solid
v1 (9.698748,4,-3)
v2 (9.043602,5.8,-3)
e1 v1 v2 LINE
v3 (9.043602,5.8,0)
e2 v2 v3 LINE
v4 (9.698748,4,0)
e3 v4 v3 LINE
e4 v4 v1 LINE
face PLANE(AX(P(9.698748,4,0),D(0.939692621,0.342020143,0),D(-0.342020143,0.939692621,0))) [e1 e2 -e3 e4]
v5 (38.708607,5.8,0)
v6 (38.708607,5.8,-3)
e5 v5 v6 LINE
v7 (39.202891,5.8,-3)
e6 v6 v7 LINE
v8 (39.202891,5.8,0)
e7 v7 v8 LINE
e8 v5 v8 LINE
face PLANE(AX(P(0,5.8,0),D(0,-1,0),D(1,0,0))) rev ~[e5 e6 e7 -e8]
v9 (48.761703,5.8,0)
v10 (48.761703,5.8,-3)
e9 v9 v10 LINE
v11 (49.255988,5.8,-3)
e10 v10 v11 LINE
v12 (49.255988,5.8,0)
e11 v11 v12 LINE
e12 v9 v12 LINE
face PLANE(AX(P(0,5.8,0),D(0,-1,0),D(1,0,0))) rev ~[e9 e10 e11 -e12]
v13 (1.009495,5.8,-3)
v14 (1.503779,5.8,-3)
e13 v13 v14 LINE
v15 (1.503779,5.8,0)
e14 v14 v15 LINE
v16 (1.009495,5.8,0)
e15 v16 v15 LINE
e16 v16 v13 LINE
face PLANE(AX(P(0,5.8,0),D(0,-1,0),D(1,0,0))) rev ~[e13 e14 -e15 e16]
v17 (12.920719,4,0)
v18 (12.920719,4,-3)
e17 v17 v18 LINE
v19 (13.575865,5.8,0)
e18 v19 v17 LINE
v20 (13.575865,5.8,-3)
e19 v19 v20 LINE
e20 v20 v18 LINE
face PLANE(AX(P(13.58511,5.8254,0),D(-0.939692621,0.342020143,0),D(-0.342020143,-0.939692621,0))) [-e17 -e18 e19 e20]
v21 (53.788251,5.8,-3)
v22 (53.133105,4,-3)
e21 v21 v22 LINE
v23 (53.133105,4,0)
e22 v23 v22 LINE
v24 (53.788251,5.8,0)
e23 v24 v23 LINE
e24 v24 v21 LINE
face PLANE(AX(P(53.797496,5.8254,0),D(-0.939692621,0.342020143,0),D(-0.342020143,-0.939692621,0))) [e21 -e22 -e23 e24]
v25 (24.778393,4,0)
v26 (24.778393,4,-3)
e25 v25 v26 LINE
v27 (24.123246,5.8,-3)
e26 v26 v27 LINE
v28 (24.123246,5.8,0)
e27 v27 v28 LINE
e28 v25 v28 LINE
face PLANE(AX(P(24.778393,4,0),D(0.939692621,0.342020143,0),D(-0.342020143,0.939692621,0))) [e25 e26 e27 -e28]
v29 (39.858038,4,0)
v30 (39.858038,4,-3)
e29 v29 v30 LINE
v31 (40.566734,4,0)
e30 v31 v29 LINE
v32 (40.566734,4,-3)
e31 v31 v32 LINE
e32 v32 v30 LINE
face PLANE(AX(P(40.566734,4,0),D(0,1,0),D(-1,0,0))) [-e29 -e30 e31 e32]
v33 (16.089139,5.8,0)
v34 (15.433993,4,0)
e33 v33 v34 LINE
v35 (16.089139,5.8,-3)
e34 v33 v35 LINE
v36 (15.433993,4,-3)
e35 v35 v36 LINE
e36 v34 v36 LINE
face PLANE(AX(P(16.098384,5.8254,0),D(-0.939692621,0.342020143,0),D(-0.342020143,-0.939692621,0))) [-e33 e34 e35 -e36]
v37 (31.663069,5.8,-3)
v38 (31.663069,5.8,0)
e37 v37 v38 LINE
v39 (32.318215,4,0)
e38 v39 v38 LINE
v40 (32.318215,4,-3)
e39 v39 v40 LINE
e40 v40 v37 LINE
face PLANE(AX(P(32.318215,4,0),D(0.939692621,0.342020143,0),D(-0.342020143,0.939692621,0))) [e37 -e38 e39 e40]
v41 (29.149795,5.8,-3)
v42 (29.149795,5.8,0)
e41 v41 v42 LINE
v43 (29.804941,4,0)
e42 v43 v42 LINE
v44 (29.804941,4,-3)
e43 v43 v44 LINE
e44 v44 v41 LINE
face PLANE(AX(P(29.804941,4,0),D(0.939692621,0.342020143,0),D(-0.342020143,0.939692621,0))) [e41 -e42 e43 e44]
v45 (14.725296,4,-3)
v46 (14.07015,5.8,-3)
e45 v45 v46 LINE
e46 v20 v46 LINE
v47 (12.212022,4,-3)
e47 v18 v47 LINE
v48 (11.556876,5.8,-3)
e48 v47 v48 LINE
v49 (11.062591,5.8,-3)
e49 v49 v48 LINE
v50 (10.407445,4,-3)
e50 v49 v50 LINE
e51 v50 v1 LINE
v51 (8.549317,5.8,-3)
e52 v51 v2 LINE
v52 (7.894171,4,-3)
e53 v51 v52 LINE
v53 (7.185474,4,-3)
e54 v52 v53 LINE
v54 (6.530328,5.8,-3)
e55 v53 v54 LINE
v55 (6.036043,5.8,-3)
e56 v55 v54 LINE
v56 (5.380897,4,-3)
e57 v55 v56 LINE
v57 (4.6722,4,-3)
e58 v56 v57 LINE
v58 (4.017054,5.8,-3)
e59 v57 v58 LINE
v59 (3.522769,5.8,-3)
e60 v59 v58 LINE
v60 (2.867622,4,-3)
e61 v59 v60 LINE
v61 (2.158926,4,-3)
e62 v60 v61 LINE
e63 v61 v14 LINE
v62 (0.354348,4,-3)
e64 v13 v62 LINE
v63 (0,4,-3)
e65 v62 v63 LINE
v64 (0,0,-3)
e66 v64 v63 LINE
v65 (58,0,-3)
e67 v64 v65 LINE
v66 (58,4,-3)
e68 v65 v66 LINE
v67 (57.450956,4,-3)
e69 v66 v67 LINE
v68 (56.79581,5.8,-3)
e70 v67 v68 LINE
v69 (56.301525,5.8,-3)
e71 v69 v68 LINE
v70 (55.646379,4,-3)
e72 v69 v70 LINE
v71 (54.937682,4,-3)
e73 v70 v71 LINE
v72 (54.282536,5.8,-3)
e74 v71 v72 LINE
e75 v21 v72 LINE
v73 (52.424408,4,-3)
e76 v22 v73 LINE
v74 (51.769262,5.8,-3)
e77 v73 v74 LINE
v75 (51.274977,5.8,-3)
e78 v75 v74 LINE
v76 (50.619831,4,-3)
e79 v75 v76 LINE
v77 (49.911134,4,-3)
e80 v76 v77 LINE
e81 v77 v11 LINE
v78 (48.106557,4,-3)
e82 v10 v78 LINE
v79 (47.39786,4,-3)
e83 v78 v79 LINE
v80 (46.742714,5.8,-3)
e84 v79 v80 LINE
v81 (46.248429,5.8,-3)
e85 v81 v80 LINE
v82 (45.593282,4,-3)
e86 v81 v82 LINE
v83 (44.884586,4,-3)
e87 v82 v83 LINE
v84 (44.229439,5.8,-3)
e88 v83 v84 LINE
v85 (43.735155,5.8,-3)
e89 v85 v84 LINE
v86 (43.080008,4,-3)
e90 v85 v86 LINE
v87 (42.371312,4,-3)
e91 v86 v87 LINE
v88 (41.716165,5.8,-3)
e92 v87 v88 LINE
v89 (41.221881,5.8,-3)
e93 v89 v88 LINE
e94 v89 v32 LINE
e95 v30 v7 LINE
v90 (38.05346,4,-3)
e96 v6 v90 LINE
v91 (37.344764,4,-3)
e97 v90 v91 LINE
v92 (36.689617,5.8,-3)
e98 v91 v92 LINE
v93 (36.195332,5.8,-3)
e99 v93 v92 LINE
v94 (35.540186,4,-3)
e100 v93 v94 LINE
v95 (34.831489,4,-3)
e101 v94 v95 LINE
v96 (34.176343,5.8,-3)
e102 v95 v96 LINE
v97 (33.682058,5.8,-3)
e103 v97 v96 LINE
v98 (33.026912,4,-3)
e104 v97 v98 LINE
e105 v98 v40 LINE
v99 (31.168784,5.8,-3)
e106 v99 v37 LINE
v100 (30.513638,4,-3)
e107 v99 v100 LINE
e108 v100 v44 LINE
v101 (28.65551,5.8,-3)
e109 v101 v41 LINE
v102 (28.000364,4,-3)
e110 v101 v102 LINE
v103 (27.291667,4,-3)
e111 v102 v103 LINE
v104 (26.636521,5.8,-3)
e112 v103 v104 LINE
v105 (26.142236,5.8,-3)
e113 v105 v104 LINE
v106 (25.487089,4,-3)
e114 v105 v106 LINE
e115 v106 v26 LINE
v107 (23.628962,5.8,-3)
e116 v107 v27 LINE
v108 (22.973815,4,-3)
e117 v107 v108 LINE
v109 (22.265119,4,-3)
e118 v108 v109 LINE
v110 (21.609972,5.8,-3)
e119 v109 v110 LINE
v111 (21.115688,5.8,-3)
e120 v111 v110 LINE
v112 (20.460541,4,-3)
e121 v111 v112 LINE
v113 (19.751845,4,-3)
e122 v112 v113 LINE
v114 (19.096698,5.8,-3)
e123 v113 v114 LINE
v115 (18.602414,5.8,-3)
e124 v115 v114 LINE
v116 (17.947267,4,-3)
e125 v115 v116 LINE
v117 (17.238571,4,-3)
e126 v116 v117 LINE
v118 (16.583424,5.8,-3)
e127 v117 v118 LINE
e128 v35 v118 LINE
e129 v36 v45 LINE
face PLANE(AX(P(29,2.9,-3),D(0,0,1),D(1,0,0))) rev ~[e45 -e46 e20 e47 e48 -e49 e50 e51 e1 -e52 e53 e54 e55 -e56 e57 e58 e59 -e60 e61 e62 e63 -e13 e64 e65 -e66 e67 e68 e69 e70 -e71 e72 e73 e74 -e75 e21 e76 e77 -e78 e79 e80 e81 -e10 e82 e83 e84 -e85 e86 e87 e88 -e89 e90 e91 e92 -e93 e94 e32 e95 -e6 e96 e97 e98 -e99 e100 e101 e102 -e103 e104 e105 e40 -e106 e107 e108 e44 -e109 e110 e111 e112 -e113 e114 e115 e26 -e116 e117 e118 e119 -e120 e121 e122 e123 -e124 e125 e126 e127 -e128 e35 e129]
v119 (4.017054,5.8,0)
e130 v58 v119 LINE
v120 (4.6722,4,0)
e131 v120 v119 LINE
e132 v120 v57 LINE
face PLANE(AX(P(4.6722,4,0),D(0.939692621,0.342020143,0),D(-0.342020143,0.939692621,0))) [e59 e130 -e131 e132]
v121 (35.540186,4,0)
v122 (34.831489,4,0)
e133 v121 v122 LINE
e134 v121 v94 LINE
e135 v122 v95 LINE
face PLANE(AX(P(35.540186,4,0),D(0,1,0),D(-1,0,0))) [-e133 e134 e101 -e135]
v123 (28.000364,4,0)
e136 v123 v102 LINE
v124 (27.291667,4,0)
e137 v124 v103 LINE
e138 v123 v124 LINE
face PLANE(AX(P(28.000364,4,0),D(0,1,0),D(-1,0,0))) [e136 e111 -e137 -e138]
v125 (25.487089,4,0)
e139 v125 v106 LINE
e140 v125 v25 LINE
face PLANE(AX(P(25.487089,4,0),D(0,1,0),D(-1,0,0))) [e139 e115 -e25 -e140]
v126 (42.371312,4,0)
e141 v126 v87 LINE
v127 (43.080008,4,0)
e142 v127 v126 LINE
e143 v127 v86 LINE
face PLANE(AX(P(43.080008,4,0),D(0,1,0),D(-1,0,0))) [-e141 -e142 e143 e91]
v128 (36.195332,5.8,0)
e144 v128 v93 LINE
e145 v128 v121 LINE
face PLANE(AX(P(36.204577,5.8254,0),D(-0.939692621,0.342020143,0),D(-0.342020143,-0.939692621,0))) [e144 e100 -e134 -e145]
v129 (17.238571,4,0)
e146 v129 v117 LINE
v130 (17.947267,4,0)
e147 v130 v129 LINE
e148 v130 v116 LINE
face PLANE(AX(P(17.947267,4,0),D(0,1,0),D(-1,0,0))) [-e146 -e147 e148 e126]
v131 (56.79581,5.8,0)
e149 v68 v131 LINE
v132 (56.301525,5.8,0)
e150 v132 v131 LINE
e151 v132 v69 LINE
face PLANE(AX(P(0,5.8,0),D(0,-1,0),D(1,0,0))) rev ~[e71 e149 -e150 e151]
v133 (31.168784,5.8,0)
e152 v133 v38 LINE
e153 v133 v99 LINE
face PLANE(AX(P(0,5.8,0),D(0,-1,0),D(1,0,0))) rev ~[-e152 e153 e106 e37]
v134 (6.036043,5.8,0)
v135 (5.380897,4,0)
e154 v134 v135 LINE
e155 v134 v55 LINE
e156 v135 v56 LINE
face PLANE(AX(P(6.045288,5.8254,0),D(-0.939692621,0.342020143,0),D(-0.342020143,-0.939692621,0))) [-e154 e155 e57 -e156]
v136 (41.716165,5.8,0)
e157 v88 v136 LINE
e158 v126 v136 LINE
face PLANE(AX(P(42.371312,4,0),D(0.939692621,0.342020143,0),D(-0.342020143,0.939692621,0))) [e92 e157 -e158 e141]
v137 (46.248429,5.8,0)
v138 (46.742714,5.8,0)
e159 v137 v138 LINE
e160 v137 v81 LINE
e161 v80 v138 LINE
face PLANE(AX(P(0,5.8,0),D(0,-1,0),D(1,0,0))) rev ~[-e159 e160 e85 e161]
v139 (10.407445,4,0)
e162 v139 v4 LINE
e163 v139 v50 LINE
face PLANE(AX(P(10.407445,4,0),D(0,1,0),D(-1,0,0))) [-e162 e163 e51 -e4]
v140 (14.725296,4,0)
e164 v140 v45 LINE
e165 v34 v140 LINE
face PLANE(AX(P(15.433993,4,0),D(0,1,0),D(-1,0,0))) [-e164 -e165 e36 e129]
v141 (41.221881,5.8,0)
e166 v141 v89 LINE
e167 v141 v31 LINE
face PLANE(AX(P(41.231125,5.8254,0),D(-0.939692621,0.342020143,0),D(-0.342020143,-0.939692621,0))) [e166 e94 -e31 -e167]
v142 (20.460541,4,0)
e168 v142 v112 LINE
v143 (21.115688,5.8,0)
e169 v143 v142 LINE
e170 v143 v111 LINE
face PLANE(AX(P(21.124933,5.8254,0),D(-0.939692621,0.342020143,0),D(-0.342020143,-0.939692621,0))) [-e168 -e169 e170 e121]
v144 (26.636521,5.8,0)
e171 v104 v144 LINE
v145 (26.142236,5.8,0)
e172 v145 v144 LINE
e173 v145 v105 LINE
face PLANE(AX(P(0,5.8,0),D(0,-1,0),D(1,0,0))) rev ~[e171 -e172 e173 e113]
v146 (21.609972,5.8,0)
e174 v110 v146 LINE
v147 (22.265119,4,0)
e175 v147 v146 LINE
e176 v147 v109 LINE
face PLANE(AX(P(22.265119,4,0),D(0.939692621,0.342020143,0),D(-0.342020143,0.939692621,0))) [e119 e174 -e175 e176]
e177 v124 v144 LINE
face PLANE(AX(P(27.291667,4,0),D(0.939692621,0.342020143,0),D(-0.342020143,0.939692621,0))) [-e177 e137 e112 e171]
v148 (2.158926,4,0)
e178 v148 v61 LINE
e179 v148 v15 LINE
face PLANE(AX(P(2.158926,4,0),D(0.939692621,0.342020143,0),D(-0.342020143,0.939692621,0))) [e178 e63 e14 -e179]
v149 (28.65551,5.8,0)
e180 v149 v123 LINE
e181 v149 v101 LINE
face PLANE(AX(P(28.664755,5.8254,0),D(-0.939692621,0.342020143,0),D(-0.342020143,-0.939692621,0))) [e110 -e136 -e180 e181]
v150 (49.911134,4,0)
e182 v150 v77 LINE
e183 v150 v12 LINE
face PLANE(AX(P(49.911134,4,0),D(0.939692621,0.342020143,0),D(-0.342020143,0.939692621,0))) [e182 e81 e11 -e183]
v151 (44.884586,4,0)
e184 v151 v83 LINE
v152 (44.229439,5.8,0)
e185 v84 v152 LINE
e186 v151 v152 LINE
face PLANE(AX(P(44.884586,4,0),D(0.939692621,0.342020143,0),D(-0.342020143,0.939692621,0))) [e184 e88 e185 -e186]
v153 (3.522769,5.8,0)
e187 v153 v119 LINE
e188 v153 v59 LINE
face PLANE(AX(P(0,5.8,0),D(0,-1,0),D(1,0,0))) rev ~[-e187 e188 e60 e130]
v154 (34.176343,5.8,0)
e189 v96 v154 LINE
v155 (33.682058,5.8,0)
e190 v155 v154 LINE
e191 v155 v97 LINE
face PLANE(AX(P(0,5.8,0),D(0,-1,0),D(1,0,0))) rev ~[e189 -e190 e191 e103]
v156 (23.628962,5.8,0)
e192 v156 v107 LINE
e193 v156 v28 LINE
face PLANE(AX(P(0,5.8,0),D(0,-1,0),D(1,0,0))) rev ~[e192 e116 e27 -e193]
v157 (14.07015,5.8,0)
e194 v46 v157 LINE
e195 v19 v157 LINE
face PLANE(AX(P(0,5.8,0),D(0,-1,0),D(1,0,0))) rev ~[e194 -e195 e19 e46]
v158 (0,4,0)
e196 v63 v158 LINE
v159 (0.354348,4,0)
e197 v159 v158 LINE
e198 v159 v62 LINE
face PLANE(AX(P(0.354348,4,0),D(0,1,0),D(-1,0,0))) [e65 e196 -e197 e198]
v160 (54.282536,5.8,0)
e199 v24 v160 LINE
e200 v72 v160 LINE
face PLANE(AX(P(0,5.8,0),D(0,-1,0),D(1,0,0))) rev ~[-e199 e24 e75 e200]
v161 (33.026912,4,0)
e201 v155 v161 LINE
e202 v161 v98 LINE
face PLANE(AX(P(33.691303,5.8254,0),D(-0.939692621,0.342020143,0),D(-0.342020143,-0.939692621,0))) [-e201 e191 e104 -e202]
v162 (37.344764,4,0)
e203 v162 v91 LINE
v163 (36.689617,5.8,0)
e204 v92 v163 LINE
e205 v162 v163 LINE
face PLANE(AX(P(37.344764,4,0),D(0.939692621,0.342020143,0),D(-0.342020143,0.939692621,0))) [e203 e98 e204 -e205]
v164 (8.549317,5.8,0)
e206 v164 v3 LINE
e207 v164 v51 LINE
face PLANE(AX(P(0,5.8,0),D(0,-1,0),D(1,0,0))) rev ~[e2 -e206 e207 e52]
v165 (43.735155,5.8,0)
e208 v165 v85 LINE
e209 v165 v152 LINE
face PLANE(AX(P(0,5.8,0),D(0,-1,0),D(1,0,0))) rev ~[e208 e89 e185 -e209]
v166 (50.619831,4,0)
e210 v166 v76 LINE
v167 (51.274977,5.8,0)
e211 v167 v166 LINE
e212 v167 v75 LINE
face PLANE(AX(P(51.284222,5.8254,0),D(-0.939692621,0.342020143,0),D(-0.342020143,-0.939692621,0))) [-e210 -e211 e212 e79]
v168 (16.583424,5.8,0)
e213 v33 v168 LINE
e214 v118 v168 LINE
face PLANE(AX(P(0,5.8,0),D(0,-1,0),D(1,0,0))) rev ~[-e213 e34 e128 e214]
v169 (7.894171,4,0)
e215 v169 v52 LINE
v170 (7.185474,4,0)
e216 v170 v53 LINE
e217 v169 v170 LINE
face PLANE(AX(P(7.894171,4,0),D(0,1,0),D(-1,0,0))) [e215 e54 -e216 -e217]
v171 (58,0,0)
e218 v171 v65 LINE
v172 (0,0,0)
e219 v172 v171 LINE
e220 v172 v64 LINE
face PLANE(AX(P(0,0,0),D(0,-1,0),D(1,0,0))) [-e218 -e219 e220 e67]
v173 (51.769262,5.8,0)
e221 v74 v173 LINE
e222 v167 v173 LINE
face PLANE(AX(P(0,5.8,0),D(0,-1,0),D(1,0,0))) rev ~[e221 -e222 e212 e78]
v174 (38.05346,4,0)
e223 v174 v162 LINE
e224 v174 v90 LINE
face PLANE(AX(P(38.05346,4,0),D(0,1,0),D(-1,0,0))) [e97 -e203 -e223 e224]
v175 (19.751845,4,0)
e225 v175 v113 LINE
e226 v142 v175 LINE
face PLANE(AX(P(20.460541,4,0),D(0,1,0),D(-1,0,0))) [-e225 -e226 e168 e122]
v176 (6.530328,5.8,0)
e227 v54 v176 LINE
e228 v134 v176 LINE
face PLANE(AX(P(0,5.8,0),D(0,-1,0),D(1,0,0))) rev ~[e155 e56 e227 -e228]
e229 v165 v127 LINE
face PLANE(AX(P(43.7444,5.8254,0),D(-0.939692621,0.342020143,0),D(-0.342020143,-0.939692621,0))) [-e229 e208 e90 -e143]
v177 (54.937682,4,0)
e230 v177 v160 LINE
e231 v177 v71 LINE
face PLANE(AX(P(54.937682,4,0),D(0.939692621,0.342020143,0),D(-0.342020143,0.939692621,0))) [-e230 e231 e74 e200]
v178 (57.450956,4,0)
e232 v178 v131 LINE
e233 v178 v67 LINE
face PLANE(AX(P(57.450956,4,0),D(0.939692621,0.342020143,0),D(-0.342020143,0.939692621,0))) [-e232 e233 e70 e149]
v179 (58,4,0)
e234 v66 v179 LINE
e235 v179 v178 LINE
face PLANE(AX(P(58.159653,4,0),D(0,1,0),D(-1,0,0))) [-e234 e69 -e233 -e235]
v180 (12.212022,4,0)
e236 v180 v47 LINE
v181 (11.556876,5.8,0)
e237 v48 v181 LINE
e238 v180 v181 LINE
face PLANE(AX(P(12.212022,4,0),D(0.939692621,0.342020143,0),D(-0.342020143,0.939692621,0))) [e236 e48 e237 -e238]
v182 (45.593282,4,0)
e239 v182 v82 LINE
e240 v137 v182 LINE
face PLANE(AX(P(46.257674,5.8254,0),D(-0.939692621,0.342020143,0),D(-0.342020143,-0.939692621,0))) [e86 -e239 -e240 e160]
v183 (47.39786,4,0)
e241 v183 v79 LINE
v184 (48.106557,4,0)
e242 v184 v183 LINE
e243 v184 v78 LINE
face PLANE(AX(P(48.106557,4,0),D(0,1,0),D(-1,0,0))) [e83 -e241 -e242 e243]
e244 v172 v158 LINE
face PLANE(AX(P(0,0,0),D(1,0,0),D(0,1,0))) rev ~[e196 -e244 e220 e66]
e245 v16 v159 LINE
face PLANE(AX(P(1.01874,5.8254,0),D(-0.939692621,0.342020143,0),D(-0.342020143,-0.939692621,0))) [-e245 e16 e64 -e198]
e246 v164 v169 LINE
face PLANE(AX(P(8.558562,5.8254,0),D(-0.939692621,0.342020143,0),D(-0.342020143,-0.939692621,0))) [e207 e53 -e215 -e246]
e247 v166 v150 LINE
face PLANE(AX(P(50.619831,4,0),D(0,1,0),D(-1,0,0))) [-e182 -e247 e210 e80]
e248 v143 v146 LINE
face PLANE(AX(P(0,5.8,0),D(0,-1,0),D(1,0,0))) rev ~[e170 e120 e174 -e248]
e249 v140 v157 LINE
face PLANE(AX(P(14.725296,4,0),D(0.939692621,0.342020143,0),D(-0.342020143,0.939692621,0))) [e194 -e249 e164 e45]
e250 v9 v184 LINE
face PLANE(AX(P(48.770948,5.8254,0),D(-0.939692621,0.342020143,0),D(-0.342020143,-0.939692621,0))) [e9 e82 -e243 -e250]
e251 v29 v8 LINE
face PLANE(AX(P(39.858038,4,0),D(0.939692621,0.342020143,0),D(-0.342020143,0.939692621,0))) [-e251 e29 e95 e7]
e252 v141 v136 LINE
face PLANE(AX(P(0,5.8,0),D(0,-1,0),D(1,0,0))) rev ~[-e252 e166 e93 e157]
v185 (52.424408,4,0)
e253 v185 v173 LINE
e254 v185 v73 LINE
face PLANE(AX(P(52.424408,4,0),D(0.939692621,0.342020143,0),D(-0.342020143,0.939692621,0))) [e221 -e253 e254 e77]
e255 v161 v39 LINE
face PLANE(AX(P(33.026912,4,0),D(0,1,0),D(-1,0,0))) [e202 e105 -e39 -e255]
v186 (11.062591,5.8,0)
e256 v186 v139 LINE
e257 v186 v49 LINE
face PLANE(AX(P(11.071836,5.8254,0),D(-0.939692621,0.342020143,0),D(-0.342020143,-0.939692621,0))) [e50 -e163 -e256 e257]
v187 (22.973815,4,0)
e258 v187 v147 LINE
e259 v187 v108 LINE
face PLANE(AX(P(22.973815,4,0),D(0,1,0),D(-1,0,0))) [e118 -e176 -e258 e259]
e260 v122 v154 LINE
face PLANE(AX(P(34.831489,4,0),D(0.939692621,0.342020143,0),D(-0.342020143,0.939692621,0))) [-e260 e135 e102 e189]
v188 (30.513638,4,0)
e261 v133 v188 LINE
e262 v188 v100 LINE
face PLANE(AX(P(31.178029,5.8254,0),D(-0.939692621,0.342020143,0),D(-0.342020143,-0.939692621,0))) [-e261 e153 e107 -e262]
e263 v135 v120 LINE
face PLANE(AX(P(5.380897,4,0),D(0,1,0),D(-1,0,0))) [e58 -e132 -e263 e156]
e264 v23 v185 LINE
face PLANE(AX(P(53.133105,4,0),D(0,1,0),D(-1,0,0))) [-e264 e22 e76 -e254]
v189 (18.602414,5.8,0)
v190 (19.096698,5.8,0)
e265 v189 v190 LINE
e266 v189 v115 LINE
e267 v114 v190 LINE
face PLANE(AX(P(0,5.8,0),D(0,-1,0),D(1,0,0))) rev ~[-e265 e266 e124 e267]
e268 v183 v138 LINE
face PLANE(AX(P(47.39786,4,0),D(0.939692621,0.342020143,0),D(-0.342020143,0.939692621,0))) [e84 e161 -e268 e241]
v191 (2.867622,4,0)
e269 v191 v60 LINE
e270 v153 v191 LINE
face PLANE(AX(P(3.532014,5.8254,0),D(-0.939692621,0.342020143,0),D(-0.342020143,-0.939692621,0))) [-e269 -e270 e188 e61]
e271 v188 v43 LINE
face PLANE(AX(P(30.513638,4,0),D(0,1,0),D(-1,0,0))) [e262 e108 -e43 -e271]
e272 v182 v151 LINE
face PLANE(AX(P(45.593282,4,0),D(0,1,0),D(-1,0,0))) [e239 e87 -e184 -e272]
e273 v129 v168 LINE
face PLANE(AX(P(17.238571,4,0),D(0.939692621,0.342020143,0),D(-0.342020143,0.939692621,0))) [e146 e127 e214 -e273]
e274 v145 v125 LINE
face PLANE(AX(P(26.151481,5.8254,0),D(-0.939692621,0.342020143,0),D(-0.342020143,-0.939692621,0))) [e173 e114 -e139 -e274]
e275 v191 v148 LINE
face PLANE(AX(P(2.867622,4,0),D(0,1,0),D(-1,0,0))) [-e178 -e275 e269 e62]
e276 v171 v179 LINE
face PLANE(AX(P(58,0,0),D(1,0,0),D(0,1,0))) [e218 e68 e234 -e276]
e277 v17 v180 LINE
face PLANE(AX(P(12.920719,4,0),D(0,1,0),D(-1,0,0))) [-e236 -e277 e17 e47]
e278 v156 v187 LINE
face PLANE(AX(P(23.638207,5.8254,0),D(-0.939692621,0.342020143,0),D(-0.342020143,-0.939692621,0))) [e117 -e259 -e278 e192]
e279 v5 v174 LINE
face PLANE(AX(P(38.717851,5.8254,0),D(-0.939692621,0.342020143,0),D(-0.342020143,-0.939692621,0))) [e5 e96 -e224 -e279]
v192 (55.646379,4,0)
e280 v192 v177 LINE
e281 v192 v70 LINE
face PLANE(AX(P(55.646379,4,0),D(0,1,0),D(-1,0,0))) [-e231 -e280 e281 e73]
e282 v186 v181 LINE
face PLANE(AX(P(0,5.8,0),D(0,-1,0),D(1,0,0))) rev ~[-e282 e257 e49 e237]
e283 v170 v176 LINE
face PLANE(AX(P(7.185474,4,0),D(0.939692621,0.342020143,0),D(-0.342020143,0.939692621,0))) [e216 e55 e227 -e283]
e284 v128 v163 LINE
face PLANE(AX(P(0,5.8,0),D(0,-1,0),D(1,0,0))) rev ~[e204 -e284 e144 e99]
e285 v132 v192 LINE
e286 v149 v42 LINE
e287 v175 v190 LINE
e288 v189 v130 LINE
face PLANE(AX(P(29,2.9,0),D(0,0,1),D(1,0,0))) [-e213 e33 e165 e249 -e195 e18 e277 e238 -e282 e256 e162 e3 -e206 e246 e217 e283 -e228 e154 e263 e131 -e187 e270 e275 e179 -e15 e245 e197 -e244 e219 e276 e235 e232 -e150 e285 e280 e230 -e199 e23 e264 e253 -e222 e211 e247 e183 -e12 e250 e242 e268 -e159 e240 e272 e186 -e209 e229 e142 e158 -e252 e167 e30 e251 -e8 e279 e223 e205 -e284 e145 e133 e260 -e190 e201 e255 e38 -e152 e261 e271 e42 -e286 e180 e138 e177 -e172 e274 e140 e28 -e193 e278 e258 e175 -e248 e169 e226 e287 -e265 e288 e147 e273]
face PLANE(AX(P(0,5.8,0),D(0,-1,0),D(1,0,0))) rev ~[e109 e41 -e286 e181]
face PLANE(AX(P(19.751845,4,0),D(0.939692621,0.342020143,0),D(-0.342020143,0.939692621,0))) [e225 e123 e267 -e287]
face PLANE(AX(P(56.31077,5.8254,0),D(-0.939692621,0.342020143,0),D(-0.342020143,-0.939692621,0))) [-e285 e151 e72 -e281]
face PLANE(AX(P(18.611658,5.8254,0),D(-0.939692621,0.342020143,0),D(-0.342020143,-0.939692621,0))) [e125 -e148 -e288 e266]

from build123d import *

# Parameters (mm, degrees)
BLANKSKE_W        = 58
BLANKSKE_H        = 5.8
BLANK_DEPTH       = 3
TOOTHCUTSIM_DEPTH = 59.366428707
TEETHCUTS_COUNT   = 25
TEETHCUTS_PITCH   = 2.51327412


with BuildPart() as part:
    # BlankSke → Blank (new body)
    with BuildSketch(Plane.XY):
        with Locations((29, 2.9)):
            Rectangle(BLANKSKE_W, BLANKSKE_H)
    extrude(amount=-BLANK_DEPTH)

    # TooCutSkeSim → ToothCutSim (cut, through all)
    with BuildSketch(Plane.XY):
        Polygon((0.354348296, 4), (-0.354348296, 4), (-1.018739561, 5.8254), (1.018739561, 5.8254), align=None)
    toothcutsim = extrude(amount=-TOOTHCUTSIM_DEPTH, mode=Mode.SUBTRACT)

    # TeethCuts: ToothCutSim ×25
    with Locations(*[(i * TEETHCUTS_PITCH, 0, 0) for i in range(1, TEETHCUTS_COUNT)]):
        add(toothcutsim, mode=Mode.SUBTRACT)


solid = part.part
